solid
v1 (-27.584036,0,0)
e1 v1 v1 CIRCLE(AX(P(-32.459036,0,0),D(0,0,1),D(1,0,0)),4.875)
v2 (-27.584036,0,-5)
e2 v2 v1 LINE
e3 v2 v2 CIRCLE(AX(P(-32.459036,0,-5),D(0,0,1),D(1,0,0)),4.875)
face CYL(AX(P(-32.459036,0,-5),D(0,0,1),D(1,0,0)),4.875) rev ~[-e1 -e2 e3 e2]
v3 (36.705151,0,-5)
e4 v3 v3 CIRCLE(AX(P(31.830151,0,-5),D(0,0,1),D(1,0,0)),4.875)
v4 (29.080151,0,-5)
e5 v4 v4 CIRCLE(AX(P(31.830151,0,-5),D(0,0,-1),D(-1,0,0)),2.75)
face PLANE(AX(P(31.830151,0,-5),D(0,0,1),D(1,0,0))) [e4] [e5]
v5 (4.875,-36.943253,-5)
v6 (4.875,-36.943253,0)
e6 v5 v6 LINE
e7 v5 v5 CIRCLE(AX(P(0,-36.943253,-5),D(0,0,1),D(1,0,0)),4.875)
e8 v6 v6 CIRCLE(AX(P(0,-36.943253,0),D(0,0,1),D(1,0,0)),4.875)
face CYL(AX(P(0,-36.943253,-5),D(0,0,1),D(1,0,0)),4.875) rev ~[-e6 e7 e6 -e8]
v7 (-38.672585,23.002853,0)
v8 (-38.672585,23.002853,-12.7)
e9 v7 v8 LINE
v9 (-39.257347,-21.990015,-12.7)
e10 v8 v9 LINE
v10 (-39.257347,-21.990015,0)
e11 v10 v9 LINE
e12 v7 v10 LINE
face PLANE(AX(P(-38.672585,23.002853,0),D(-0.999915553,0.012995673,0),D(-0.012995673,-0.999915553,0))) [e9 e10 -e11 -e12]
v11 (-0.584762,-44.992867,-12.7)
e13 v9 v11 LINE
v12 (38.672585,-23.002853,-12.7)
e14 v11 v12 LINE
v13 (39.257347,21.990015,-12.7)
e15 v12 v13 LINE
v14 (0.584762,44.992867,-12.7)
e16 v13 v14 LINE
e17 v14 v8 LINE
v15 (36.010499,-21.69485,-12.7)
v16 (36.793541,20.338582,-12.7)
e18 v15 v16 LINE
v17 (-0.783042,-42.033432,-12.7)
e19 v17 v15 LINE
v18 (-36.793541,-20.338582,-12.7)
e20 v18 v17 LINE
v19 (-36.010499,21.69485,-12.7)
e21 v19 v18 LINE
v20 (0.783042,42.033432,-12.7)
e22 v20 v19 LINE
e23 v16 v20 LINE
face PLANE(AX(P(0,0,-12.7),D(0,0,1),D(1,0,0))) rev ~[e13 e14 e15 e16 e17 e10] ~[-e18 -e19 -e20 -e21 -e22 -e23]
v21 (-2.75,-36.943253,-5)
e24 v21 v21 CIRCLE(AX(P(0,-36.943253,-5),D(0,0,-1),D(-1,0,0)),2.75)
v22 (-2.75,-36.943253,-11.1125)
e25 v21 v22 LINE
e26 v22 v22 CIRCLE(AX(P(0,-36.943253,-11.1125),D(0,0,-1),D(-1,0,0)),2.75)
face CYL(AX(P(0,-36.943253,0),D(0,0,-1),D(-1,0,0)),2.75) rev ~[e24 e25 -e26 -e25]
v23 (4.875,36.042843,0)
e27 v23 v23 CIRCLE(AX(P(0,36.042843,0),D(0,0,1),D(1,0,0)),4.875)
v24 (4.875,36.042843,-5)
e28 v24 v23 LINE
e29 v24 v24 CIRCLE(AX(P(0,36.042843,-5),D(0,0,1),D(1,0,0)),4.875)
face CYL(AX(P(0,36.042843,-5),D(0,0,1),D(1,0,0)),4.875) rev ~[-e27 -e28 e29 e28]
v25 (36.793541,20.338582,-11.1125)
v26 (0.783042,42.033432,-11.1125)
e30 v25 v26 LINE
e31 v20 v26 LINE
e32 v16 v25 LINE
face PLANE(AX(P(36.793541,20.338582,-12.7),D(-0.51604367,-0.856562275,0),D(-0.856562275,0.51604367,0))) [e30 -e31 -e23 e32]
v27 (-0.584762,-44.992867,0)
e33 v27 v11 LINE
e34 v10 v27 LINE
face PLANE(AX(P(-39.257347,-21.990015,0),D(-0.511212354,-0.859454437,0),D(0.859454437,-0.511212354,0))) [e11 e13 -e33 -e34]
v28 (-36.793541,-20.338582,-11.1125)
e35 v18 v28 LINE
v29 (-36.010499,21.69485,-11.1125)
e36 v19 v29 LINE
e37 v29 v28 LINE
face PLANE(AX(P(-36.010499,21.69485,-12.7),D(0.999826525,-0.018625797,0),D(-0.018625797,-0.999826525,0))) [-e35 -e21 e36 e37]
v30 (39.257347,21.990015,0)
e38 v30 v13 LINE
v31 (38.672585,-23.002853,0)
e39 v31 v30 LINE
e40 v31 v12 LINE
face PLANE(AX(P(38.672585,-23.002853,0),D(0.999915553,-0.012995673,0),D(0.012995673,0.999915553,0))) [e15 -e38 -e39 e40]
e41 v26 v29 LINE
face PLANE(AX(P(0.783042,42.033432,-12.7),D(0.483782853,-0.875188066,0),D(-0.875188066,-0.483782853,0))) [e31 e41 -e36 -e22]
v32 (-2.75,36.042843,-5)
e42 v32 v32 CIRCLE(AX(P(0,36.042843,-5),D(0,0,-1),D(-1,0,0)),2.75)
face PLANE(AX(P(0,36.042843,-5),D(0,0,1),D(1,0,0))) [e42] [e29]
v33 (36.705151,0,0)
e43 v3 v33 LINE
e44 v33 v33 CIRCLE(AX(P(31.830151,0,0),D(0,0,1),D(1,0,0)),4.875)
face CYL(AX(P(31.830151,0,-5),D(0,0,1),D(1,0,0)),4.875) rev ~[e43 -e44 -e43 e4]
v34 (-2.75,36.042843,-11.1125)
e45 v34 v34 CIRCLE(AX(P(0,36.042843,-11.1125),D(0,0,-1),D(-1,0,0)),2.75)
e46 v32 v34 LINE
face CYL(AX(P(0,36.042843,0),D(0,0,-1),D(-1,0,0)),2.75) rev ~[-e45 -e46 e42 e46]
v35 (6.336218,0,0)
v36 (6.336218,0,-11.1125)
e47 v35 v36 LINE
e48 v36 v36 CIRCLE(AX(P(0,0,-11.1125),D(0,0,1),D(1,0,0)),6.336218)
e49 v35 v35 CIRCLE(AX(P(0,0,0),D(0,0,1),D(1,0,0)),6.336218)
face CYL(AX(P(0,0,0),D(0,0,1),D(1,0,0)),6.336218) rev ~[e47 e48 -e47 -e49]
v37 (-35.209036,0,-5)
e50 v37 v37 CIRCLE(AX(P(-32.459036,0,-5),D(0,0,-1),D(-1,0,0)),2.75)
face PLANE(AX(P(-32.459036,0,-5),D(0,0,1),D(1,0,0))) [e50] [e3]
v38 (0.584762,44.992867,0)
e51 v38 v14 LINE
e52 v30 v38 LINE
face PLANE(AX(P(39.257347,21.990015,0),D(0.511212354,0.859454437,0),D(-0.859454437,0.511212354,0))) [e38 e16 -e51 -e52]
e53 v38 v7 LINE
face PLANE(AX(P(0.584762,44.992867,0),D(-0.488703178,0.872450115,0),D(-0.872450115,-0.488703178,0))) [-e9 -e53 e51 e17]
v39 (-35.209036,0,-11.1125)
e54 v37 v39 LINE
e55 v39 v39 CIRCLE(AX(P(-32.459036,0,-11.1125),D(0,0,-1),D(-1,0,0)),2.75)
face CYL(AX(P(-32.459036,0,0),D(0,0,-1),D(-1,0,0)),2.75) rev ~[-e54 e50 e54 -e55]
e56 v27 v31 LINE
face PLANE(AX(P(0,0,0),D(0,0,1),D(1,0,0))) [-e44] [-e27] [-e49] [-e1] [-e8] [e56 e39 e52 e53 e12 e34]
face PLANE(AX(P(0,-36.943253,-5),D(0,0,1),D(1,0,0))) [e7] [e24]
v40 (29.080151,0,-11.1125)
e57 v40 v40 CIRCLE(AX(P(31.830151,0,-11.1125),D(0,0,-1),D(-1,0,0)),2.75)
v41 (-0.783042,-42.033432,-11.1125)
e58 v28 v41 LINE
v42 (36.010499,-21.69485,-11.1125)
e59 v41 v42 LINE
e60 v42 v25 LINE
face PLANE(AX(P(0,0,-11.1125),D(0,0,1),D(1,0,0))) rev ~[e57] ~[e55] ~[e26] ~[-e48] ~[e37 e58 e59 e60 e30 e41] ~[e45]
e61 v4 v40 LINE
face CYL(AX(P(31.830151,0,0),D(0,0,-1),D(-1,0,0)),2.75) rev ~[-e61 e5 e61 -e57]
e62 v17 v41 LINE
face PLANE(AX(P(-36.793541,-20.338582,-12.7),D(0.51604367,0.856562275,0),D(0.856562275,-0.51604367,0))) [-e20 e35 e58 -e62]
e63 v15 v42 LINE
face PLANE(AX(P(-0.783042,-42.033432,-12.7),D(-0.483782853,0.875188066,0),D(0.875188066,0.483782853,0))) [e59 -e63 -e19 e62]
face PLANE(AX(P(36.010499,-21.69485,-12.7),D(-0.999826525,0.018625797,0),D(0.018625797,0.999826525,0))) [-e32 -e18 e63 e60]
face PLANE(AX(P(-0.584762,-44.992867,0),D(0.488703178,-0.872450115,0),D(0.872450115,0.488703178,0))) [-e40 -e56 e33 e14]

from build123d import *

# Parameters (mm, degrees)
F1_DEPTH       = 12.7
F3_D           = 5.5
F3_CBORE_D     = 9.75
F3_CBORE_DEPTH = 5
F4_R           = 6.336218
F5_DEPTH       = 25.4
F8_DEPTH       = 1.5875


with BuildPart() as f1:
    # F0 (on Top) → F1 (new body)
    with BuildSketch(Plane.XY):
        Polygon((-0.584762, -44.992867), (38.672585, -23.002853), (39.257347, 21.990015), (0.584762, 44.992867), (-38.672585, 23.002853), (-39.257347, -21.990015), align=None)
    extrude(amount=-F1_DEPTH)

    # F3 (through all)
    with Locations(Plane.XY):
        with Locations((0, -36.943253), (31.830151, 0), (0, 36.042843), (-32.459036, 0)):
            CounterBoreHole(F3_D / 2, F3_CBORE_D / 2, F3_CBORE_DEPTH)

    # F4 (on Top) → F5 (cut)
    with BuildSketch(Plane.XY):
        Circle(F4_R)
    extrude(amount=-F5_DEPTH, mode=Mode.SUBTRACT)

    # F7 (on offset) → F8 (cut)
    with BuildSketch(Plane.XY.offset(-12.7)):
        Polygon((36.793541, 20.338582), (0.783042, 42.033432), (-36.010499, 21.69485), (-36.793541, -20.338582), (-0.783042, -42.033432), (36.010499, -21.69485), align=None)
    extrude(amount=F8_DEPTH, mode=Mode.SUBTRACT)


solid = f1.part
